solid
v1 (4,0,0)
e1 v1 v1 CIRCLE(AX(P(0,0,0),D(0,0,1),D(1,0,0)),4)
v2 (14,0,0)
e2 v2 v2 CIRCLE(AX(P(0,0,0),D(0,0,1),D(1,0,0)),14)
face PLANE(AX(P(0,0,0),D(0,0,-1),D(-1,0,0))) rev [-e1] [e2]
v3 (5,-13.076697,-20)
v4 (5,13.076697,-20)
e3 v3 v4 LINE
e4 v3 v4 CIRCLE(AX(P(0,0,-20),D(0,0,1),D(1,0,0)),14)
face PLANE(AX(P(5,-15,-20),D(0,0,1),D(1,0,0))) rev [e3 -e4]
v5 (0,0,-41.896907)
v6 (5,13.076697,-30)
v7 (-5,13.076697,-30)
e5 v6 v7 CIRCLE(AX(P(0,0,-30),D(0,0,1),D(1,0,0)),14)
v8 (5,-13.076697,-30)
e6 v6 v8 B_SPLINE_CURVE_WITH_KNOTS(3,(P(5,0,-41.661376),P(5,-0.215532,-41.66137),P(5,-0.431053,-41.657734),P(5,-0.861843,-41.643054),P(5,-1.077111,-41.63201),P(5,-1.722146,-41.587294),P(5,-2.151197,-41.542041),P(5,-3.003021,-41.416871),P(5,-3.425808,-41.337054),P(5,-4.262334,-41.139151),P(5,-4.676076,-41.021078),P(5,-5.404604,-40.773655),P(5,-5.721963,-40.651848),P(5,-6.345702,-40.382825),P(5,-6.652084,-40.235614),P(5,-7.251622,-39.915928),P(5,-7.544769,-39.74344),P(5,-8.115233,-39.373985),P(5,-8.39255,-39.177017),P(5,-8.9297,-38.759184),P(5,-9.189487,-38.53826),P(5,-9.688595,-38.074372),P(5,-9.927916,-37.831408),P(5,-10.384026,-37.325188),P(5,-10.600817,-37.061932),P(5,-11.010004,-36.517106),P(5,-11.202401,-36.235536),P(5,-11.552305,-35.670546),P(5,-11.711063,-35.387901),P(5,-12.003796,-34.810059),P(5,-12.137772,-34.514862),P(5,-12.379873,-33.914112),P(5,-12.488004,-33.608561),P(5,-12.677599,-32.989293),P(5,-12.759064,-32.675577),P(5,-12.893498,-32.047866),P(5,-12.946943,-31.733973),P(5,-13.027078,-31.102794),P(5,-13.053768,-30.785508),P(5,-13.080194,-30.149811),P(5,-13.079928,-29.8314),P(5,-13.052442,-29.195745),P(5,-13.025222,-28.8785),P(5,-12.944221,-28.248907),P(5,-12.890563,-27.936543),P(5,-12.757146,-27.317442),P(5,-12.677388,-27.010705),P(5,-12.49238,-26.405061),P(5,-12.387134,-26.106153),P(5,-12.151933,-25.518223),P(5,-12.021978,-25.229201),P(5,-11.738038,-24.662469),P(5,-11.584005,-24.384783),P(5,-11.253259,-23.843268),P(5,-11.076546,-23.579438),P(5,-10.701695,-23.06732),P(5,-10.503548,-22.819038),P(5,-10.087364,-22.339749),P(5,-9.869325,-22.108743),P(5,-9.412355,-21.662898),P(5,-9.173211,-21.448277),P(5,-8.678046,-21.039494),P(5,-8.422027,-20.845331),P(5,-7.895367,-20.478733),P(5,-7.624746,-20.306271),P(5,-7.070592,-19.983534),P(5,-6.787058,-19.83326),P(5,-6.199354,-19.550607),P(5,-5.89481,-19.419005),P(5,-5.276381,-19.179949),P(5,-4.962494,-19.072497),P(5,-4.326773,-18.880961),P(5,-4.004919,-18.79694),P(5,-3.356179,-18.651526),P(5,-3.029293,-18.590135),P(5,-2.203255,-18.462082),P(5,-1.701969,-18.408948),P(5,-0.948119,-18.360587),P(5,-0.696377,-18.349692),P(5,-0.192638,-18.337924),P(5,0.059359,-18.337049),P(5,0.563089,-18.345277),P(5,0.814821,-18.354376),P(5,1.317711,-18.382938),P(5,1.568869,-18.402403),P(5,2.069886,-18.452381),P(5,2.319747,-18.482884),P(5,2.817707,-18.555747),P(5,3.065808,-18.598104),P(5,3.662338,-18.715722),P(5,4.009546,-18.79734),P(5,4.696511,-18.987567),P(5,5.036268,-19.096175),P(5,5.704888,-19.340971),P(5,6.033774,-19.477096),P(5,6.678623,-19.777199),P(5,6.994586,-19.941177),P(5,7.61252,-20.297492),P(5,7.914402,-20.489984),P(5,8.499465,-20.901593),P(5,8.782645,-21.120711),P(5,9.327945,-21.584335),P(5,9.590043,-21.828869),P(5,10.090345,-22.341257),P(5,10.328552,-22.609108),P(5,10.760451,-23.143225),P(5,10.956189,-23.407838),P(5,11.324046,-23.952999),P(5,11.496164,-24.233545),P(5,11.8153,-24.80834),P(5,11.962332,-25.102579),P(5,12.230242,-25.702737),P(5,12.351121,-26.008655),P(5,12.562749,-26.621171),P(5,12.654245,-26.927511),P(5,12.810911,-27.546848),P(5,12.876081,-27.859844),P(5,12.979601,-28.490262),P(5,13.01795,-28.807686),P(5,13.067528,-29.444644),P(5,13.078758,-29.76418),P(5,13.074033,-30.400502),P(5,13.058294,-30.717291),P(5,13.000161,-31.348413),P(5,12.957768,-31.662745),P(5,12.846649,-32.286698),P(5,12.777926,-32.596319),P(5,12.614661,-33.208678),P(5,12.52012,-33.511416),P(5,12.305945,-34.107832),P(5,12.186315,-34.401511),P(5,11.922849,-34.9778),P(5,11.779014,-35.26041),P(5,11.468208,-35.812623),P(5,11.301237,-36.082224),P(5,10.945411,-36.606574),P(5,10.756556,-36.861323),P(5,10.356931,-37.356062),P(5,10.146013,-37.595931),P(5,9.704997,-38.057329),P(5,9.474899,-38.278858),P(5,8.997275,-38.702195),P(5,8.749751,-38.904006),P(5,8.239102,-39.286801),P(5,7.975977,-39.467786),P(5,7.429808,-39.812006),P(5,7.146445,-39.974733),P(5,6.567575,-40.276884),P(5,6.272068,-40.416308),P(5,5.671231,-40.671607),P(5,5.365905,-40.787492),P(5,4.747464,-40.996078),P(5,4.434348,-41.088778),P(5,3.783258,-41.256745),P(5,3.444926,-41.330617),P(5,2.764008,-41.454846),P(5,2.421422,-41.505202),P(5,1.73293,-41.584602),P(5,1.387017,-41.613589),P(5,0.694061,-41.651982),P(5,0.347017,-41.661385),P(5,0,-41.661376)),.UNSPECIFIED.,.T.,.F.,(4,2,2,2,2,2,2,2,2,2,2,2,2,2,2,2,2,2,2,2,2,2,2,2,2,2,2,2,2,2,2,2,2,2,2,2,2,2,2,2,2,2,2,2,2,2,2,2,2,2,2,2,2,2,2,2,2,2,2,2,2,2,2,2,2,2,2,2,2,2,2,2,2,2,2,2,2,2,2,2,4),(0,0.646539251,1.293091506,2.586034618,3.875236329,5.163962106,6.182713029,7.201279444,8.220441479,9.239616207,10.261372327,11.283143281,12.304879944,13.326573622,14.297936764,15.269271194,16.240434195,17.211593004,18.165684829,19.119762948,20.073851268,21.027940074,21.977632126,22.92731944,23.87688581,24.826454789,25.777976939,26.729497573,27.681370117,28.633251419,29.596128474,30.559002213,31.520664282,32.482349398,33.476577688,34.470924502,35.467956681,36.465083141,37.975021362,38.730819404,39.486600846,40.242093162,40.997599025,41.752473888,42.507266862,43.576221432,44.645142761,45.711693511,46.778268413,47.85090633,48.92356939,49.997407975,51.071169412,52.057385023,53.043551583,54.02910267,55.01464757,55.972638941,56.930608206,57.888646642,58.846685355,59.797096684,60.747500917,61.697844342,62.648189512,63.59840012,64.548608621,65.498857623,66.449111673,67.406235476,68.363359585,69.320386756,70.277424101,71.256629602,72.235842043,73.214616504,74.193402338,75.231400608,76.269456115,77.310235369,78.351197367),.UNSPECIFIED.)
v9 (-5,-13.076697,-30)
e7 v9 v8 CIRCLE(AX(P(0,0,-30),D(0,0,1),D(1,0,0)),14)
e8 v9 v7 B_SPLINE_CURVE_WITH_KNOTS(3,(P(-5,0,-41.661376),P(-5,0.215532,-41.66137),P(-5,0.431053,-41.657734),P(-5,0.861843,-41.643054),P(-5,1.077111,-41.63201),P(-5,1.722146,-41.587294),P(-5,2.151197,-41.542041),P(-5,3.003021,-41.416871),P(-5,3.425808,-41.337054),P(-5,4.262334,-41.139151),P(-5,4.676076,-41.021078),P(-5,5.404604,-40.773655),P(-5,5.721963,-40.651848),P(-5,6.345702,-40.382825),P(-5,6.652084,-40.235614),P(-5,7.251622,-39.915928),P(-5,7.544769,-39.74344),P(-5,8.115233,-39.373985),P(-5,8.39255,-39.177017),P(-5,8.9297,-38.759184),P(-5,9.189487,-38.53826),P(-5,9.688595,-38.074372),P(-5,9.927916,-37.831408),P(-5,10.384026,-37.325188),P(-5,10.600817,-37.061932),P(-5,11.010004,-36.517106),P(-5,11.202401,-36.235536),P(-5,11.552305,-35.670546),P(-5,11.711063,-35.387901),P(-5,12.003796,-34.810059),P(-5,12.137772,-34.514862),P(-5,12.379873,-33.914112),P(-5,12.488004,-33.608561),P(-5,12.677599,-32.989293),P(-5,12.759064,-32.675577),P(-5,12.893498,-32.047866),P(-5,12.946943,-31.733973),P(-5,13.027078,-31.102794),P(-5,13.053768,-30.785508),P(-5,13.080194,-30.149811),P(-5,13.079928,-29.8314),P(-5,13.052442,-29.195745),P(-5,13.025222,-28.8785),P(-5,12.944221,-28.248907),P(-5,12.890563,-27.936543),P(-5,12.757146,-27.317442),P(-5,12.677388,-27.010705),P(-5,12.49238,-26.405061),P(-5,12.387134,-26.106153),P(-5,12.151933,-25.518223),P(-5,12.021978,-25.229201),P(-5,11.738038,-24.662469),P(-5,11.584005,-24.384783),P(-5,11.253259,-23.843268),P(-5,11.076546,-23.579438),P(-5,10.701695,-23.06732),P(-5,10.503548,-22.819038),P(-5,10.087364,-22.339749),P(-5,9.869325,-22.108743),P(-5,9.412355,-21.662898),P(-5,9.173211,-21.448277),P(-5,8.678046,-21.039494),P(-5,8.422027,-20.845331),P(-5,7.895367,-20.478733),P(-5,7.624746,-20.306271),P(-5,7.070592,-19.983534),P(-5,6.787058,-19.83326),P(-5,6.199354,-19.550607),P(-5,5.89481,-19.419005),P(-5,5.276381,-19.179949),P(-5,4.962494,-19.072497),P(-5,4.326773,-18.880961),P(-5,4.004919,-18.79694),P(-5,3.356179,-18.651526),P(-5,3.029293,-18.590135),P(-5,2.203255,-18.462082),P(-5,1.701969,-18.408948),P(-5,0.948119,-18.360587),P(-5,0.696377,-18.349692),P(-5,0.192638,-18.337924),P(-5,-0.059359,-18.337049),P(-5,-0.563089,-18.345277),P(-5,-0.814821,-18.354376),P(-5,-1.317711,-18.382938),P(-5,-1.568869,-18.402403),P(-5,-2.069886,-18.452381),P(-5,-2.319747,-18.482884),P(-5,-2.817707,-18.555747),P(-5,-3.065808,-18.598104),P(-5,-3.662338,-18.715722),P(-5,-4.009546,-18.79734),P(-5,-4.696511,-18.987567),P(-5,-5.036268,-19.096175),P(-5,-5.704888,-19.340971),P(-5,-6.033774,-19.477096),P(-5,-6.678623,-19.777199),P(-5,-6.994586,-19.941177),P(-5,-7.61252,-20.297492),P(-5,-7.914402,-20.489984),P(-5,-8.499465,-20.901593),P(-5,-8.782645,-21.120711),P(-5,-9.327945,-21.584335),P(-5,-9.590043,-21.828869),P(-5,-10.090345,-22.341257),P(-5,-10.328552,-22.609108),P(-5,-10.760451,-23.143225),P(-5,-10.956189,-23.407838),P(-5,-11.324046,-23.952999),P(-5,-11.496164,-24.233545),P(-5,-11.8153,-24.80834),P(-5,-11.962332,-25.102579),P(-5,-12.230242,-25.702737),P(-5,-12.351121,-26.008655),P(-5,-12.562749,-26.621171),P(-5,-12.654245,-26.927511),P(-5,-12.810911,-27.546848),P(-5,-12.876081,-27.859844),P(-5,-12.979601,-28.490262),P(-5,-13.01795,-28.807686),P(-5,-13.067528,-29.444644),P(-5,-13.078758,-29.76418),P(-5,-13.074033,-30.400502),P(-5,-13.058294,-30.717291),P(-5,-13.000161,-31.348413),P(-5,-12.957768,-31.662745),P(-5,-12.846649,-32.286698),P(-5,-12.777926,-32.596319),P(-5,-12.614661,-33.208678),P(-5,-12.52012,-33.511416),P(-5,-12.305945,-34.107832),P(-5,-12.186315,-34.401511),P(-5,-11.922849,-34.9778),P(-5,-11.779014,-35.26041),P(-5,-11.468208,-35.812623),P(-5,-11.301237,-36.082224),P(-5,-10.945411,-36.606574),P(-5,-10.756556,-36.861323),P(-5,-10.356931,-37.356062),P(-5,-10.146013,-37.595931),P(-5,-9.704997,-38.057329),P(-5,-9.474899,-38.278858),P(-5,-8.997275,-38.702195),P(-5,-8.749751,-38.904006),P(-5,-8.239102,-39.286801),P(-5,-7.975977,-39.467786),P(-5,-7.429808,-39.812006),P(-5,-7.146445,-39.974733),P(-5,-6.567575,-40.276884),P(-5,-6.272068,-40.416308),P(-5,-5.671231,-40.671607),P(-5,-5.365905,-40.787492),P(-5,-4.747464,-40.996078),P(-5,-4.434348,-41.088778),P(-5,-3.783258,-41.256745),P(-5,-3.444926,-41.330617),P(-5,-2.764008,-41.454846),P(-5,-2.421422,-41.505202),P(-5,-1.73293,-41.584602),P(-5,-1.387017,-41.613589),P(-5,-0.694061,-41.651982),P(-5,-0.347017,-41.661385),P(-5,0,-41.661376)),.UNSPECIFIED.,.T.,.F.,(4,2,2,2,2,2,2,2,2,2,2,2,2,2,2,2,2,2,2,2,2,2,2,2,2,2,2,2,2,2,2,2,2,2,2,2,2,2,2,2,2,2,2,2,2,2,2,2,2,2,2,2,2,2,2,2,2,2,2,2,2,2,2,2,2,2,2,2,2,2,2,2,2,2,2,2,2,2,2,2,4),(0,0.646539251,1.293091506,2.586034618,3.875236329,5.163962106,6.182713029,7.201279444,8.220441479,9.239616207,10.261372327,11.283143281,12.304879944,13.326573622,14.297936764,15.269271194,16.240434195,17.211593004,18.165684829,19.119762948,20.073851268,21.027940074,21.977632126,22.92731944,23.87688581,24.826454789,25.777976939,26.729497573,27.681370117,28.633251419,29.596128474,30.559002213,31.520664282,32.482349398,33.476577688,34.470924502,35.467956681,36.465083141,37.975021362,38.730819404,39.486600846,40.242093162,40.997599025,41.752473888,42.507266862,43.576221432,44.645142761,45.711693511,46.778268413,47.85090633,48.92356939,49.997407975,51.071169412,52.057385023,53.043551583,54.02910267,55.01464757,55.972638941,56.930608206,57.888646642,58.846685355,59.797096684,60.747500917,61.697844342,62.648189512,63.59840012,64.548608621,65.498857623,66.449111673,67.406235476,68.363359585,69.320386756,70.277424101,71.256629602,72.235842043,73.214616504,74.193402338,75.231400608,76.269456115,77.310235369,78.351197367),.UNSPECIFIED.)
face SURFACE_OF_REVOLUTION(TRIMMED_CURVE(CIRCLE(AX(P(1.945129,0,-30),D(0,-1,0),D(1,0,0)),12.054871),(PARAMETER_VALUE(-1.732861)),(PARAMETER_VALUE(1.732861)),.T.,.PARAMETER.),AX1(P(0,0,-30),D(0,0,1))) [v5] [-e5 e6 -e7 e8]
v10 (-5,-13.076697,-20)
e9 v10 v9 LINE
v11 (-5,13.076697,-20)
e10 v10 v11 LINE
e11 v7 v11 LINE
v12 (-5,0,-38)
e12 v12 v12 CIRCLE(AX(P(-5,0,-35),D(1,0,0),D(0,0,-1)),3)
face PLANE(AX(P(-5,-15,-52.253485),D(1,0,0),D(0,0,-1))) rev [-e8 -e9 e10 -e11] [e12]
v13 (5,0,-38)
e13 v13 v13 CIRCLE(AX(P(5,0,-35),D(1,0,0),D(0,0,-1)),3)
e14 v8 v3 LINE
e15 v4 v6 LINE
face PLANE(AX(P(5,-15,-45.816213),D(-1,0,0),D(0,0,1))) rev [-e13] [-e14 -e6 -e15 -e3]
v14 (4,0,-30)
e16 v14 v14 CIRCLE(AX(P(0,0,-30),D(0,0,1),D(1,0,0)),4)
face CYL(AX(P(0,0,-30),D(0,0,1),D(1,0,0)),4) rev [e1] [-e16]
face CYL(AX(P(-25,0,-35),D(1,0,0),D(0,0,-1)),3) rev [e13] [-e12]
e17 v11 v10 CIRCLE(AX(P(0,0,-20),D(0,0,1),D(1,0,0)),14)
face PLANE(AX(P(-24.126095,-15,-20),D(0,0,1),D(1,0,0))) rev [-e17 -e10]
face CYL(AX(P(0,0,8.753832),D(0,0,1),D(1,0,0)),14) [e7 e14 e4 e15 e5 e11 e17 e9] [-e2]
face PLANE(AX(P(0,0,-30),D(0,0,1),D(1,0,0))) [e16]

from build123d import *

# Parameters (mm, degrees)
SKETCH2_R          = 4
CUT_EXTRUDE1_DEPTH = 30
SKETCH3_W          = 19.126095086
SKETCH3_H          = 32.253484506
SKETCH3_W_2        = 14.725893552
SKETCH3_H_2        = 25.816213186
CUT_EXTRUDE2_DEPTH = 15
SKETCH4_R          = 3
CUT_EXTRUDE3_DEPTH = 30


with BuildPart() as part:
    # Sketch1 → Revolve1 (revolve)
    with BuildSketch(Plane(origin=(0, 0, 0), x_dir=(0, 0, -1), z_dir=(1, 0, 0)), mode=Mode.PRIVATE) as revolve1_sk:
        with BuildLine():
            Line((0, 0), (0, 14))
            Line((0, 14), (30, 14))
            ThreePointArc((30, 14), (39.186081867, 9.751268794), (41.896907171, 0))
            Line((41.896907171, 0), (0, 0))
        make_face()
    revolve(revolve1_sk.sketch.rotate(Axis((0, 0, 8.753832377), (0, 0, -1)), 90), axis=Axis((0, 0, 8.753832377), (0, 0, -1)))

    # Sketch2 → Cut-Extrude1 (cut)
    with BuildSketch(Plane.XY):
        Circle(SKETCH2_R)
    extrude(amount=-CUT_EXTRUDE1_DEPTH, mode=Mode.SUBTRACT)

    # Sketch3 → Cut-Extrude2 (cut, symmetric)
    with BuildSketch(Plane(origin=(0, 0, 0), x_dir=(1, 0, 0), z_dir=(0, 1, 0))):
        with Locations((-14.563047543, 36.126742253)):
            Rectangle(SKETCH3_W, SKETCH3_H)
        with Locations((12.362946776, 32.908106593)):
            Rectangle(SKETCH3_W_2, SKETCH3_H_2)
    extrude(amount=CUT_EXTRUDE2_DEPTH, both=True, mode=Mode.SUBTRACT)

    # Sketch4 → Cut-Extrude3 (cut)
    with BuildSketch(Plane(origin=(5, 0, 0), x_dir=(0, 0, -1), z_dir=(1, 0, 0))):
        with Locations((35, 0)):
            Circle(SKETCH4_R)
    extrude(amount=-CUT_EXTRUDE3_DEPTH, mode=Mode.SUBTRACT)


solid = part.part
